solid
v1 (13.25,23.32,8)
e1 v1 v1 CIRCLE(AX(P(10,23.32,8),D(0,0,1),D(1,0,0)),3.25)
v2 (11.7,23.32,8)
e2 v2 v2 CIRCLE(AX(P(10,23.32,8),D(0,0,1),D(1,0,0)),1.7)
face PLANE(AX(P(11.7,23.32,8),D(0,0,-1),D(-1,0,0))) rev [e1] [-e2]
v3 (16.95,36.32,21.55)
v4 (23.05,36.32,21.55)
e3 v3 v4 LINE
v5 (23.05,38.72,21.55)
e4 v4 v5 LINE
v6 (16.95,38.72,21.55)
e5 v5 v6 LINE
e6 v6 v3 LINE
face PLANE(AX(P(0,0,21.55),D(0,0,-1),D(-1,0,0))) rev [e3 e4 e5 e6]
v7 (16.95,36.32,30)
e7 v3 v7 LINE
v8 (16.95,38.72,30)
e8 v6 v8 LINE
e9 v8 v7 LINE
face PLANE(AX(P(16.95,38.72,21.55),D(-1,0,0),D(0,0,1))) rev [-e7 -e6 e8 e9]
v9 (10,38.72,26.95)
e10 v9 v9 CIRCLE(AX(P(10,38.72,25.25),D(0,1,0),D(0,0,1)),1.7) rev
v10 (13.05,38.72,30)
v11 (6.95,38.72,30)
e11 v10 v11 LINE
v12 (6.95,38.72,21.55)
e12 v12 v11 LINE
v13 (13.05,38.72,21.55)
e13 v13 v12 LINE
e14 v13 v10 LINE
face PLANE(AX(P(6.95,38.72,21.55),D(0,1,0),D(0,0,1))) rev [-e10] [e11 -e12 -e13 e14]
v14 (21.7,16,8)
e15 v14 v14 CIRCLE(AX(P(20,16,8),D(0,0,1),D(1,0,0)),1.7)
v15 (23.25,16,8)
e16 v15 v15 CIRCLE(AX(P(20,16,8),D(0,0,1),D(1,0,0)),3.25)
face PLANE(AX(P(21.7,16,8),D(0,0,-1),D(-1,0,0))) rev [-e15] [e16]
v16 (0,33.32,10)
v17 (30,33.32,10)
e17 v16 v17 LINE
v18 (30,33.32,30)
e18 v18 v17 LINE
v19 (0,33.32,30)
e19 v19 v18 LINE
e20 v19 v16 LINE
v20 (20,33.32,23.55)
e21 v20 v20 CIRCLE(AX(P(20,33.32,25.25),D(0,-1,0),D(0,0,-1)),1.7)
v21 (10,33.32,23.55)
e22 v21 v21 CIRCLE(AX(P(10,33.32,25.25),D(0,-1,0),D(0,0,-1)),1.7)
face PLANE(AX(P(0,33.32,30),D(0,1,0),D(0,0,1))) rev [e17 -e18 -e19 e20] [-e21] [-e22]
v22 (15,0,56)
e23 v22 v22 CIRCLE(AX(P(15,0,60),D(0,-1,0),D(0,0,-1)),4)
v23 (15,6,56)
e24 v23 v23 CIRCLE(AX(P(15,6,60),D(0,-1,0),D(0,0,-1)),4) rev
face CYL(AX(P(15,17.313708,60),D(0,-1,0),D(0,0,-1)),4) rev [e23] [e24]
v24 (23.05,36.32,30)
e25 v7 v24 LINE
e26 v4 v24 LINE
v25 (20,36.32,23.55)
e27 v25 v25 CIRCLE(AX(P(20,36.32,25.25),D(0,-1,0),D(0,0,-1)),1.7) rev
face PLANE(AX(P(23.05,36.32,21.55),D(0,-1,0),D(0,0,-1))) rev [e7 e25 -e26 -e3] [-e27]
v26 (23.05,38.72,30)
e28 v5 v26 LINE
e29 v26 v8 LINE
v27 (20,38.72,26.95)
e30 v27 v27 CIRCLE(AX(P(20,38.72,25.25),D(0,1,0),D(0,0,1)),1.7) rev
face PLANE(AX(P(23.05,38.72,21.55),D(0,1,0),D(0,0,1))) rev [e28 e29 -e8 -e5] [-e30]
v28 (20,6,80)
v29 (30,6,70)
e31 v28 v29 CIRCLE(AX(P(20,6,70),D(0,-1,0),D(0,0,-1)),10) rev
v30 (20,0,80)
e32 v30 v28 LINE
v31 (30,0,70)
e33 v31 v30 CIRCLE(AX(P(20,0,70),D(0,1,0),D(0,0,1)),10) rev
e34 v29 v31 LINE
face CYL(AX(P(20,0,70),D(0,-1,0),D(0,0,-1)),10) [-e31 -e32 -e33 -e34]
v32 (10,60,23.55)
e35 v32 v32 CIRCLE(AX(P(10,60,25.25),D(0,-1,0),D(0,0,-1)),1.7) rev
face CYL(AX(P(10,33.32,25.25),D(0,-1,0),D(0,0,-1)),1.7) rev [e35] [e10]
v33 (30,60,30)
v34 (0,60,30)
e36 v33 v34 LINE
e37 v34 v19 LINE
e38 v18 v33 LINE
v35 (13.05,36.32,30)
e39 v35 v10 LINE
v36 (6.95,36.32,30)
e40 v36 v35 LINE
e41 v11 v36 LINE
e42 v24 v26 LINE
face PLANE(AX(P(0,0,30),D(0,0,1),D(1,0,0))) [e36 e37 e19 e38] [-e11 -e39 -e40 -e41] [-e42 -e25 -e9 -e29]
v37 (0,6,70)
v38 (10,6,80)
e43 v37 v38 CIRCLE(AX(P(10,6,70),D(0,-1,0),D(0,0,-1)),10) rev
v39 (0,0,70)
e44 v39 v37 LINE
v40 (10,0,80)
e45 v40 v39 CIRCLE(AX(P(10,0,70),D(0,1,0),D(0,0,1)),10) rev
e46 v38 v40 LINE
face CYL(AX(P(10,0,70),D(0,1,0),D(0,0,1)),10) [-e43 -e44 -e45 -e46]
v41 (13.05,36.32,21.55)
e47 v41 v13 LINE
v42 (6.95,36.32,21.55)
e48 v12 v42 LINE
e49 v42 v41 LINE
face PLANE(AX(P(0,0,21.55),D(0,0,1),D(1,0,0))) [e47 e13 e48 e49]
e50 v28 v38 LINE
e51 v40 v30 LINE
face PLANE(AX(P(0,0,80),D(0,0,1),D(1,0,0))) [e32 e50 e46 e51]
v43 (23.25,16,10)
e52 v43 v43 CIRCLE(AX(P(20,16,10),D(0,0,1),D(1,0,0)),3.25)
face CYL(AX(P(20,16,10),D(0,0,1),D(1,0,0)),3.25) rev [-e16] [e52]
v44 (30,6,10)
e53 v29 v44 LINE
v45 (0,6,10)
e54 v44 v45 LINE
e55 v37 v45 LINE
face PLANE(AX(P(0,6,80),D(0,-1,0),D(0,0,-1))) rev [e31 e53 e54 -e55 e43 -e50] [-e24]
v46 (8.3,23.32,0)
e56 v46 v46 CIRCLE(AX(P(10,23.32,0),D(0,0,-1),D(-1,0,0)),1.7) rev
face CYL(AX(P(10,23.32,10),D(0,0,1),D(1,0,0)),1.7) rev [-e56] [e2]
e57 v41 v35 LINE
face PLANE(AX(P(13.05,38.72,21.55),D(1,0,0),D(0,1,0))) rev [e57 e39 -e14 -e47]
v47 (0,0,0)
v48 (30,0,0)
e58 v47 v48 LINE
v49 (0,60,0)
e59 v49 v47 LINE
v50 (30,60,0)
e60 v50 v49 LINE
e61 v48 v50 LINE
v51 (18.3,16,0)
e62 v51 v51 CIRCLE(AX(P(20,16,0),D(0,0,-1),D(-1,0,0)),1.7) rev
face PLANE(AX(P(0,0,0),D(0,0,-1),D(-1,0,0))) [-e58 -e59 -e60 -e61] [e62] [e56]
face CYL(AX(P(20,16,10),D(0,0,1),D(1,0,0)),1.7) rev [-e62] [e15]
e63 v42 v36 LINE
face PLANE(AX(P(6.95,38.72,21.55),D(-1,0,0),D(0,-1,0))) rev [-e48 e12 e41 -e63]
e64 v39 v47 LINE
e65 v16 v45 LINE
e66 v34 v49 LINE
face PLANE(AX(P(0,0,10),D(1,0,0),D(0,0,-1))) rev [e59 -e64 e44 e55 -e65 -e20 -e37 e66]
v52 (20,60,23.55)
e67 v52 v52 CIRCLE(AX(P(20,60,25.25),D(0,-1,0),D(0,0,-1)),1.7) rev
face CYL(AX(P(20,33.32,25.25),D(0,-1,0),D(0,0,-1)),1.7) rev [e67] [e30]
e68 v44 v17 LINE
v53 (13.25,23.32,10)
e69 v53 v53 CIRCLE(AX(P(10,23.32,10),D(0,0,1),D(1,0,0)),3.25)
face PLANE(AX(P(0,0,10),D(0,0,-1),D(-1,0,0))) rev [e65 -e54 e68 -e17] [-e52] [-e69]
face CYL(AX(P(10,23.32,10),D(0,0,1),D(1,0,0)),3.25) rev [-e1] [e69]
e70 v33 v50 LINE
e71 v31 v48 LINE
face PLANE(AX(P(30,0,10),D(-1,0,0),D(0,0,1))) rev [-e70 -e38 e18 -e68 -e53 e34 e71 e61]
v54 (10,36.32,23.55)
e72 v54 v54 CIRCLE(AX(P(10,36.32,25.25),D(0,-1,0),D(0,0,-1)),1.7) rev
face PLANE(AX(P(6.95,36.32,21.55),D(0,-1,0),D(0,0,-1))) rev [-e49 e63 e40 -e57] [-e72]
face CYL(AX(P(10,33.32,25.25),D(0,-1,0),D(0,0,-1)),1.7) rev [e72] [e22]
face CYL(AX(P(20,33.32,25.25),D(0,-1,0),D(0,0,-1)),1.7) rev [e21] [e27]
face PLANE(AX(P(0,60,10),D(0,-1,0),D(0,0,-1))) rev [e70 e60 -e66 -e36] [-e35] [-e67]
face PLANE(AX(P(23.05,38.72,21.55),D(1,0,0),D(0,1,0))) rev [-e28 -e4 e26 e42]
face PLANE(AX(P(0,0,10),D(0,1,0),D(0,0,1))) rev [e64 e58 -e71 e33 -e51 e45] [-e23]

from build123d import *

# Parameters (mm, degrees)
ESQUISSE1_W                                          = 30
ESQUISSE1_H                                          = 60
BOSS_EXTRU_1_DEPTH                                   = 10
ESQUISSE2_W                                          = 30
ESQUISSE2_H                                          = 6
BOSS_EXTRU_2_DEPTH                                   = 70
ESQUISSE3_R                                          = 4
ENL_V_MAT_EXTRU_1_DEPTH                              = 6
ESQUISSE4_W                                          = 30
ESQUISSE4_H                                          = 26.68
BOSS_EXTRU_3_DEPTH                                   = 20
D_GAGEMENT_M31_D                                     = 3.4
D_GAGEMENT_M31_DEPTH                                 = 26.68
D_GAGEMENT_M31_TIP                                   = 1.021463052
CHAMBRAGE_POUR_T_TE_CYLINDRIQUE_FENDUE_M_D           = 3.4
CHAMBRAGE_POUR_T_TE_CYLINDRIQUE_FENDUE_M_DEPTH       = 10
CHAMBRAGE_POUR_T_TE_CYLINDRIQUE_FENDUE_M_CBORE_D     = 6.5
CHAMBRAGE_POUR_T_TE_CYLINDRIQUE_FENDUE_M_CBORE_DEPTH = 2
CHAMBRAGE_POUR_T_TE_CYLINDRIQUE_FENDUE_M_TIP         = 1.021463052
CONG_1_R                                             = 10
ESQUISSE13_W                                         = 6.1
ESQUISSE13_H                                         = 2.4
ENL_V_MAT_EXTRU_2_DEPTH                              = 8.45


with BuildPart() as part:
    # Esquisse1 → Boss.-Extru.1 (new body)
    with BuildSketch(Plane.XY):
        with Locations((15, 30)):
            Rectangle(ESQUISSE1_W, ESQUISSE1_H)
    extrude(amount=BOSS_EXTRU_1_DEPTH)

    # Esquisse2 → Boss.-Extru.2 (add)
    with BuildSketch(Plane.XY.offset(10)):
        with Locations((15, 3)):
            Rectangle(ESQUISSE2_W, ESQUISSE2_H)
    extrude(amount=BOSS_EXTRU_2_DEPTH)

    # Esquisse3 → Enlèv. mat.-Extru.1 (cut)
    with BuildSketch(Plane.XZ):
        with Locations(Location((15, 60, 0), (0, 0, 270))):
            Circle(ESQUISSE3_R)
    extrude(amount=-ENL_V_MAT_EXTRU_1_DEPTH, mode=Mode.SUBTRACT)

    # Esquisse4 → Boss.-Extru.3 (add)
    with BuildSketch(Plane.XY.offset(10)):
        with Locations((15, 46.66)):
            Rectangle(ESQUISSE4_W, ESQUISSE4_H)
    extrude(amount=BOSS_EXTRU_3_DEPTH)

    # Dégagement M31
    with Locations(Plane(origin=(0, 33.32, 0), x_dir=(-1, 0, 0), z_dir=(0, -1, 0))):
        with Locations((-10, -25.25), (-20, -25.25)):
            Hole(D_GAGEMENT_M31_D / 2, depth=D_GAGEMENT_M31_DEPTH)
            with Locations((0, 0, -(D_GAGEMENT_M31_DEPTH + D_GAGEMENT_M31_TIP / 2))):  # 118° drill point
                Cone(0, D_GAGEMENT_M31_D / 2, D_GAGEMENT_M31_TIP, mode=Mode.SUBTRACT)

    # Chambrage pour tête cylindrique fendue M31
    with Locations(Plane.XY.offset(10)):
        with Locations((10, 23.32), (20, 16)):
            CounterBoreHole(CHAMBRAGE_POUR_T_TE_CYLINDRIQUE_FENDUE_M_D / 2, CHAMBRAGE_POUR_T_TE_CYLINDRIQUE_FENDUE_M_CBORE_D / 2, CHAMBRAGE_POUR_T_TE_CYLINDRIQUE_FENDUE_M_CBORE_DEPTH, depth=CHAMBRAGE_POUR_T_TE_CYLINDRIQUE_FENDUE_M_DEPTH)
            with Locations((0, 0, -(CHAMBRAGE_POUR_T_TE_CYLINDRIQUE_FENDUE_M_DEPTH + CHAMBRAGE_POUR_T_TE_CYLINDRIQUE_FENDUE_M_TIP / 2))):  # 118° drill point
                Cone(0, CHAMBRAGE_POUR_T_TE_CYLINDRIQUE_FENDUE_M_D / 2, CHAMBRAGE_POUR_T_TE_CYLINDRIQUE_FENDUE_M_TIP, mode=Mode.SUBTRACT)

    # Congé1
    cong_1_edges = [part.edges().sort_by_distance(p)[0] for p in [
        (30, 3, 80),
        (0, 3, 80),
    ]]
    fillet(cong_1_edges, radius=CONG_1_R)

    # Esquisse13 → Enlèv. mat.-Extru.2 (cut)
    with BuildSketch(Plane.XY.offset(30)):
        with Locations((10, 37.52)):
            Rectangle(ESQUISSE13_W, ESQUISSE13_H)
        with Locations((20, 37.52)):
            Rectangle(ESQUISSE13_W, ESQUISSE13_H)
    extrude(amount=-ENL_V_MAT_EXTRU_2_DEPTH, mode=Mode.SUBTRACT)


solid = part.part
